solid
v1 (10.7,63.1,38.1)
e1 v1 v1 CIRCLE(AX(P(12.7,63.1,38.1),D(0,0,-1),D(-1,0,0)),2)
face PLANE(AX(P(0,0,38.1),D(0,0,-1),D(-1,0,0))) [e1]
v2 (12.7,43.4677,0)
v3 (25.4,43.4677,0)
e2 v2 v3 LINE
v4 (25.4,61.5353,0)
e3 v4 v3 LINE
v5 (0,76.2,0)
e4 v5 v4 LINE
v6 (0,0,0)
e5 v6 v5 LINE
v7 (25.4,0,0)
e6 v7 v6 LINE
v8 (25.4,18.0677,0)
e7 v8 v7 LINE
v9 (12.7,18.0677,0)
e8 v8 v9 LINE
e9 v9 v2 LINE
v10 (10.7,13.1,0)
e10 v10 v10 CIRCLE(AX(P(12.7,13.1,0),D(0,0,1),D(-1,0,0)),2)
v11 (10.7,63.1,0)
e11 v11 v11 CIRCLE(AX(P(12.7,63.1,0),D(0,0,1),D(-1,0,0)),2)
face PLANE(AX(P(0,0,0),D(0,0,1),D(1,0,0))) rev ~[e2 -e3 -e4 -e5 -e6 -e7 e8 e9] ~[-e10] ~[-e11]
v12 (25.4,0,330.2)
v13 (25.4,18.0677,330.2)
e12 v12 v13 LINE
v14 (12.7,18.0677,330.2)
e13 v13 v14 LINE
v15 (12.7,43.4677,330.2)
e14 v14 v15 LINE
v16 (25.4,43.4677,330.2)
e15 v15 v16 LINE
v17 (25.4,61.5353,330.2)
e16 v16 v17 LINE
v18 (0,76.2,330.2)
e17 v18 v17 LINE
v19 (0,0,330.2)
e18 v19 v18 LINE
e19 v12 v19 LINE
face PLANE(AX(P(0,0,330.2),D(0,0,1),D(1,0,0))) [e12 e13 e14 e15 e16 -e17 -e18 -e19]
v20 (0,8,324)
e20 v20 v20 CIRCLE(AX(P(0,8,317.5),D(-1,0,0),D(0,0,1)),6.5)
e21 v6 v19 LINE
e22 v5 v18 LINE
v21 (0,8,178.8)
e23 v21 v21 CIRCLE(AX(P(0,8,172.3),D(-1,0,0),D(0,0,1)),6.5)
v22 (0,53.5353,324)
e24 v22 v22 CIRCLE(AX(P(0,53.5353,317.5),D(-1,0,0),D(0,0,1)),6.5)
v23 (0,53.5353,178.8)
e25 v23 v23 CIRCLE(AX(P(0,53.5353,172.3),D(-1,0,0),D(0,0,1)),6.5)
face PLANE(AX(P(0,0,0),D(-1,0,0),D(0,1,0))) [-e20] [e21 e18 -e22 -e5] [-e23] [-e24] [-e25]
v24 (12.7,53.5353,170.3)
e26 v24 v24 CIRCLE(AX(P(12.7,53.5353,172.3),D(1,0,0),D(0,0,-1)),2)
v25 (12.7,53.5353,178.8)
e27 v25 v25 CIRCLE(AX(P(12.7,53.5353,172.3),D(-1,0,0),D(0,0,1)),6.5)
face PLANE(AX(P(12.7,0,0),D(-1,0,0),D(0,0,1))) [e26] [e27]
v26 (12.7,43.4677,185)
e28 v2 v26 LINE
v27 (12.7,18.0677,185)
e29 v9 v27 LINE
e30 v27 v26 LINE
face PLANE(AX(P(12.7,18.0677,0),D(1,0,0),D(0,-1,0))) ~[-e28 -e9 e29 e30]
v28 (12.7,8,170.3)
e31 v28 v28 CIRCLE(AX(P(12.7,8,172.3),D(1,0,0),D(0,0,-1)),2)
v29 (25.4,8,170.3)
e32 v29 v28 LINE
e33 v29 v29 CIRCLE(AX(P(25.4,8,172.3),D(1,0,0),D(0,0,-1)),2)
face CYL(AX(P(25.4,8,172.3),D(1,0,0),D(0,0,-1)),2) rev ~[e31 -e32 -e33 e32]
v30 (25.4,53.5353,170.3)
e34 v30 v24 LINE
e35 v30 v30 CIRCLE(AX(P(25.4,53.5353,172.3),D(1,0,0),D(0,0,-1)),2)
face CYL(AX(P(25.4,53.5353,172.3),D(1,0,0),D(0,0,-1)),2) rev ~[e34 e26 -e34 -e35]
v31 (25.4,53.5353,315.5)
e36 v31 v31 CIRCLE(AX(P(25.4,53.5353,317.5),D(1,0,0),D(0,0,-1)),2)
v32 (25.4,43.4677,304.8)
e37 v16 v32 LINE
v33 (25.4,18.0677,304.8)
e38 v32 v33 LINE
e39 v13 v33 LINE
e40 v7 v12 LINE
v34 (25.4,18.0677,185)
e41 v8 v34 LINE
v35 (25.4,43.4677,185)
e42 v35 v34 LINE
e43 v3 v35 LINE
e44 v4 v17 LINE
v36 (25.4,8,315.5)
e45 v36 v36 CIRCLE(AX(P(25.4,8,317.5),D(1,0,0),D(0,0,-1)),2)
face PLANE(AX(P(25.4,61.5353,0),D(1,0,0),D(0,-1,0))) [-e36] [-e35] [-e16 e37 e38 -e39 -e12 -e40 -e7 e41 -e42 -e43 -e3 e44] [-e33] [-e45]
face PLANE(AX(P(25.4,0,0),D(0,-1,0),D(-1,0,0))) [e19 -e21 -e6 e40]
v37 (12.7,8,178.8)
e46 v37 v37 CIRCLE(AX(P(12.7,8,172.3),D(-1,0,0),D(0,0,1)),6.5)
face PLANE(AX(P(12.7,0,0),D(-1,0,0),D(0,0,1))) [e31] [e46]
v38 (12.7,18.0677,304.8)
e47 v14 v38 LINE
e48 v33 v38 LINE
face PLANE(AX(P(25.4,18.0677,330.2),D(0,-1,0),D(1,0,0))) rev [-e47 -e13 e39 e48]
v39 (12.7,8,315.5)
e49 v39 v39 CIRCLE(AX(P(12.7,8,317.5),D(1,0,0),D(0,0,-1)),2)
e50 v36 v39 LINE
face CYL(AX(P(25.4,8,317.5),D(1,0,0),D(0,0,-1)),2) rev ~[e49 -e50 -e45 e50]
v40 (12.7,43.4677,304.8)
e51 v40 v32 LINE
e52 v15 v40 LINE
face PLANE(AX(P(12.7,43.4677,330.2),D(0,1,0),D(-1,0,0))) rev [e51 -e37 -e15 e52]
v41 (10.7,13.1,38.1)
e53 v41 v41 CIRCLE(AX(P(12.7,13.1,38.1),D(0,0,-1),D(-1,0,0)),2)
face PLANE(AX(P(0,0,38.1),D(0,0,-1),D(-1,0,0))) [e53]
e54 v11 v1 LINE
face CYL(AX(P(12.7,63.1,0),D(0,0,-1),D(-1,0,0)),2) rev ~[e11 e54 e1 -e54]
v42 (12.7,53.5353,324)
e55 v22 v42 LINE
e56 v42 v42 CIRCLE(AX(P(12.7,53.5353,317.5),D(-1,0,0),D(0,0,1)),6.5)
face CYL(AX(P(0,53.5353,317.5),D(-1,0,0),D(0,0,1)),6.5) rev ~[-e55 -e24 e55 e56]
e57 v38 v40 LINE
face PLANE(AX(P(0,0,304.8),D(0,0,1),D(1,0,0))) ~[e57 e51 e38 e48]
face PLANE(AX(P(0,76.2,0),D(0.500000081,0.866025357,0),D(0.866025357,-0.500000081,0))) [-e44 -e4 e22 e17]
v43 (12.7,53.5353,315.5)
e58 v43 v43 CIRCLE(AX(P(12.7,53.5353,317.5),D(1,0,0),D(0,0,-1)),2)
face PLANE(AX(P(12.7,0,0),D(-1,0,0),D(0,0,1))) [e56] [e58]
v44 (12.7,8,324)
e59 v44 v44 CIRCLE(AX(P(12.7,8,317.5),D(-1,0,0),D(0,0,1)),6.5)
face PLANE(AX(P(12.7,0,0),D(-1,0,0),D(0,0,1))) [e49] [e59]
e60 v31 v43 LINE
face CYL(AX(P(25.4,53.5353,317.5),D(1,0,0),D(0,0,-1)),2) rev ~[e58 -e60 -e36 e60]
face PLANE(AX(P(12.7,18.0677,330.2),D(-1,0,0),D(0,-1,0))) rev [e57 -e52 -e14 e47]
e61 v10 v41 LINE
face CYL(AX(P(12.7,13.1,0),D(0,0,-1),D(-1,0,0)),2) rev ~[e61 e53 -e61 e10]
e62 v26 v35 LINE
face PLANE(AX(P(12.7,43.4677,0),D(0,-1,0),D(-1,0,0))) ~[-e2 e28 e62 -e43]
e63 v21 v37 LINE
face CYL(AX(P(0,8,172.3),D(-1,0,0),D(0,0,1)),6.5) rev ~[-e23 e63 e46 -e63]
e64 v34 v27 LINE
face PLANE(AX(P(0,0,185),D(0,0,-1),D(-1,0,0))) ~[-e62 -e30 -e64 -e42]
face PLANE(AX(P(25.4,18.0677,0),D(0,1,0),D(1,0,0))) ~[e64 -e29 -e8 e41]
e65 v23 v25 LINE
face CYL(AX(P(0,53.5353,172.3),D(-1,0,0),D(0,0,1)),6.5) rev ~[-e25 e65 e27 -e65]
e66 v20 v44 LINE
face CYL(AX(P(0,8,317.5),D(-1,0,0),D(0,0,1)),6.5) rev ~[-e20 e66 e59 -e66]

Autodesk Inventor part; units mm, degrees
ref_plane "YZ Plane" through (0, 0, 0) normal (1, 0, 0) x (0, 1, 0)
ref_plane "XZ Plane" through (0, 0, 0) normal (0, 1, 0) x (-1, 0, 0)
sketch "Sketch1" plane through (0, 0, 0) normal (0, 0, 1) x (1, 0, 0)
  line L0 (0, 0) -> (0, 76.2)
  line L1 (0, 76.2) -> (25.4, 61.5353)
  line L2 (25.4, 61.5353) -> (25.4, 0)
  line L3 (25.4, 0) -> (0, 0)
  dimension "d0" = 25.4
  dimension "d1" = 76.2
  dimension "d2" = 60
extrude "Extrusion1" add sketch "Sketch1" along normal blind 330.2
sketch "Sketch3" plane through (0, 0, 330.2) normal (0, 0, 1) x (1, 0, 0)
  line L0 (12.7, 43.4677) -> (25.4, 43.4677)
  line L1 (25.4, 43.4677) -> (25.4, 18.0677)
  line L2 (25.4, 18.0677) -> (12.7, 18.0677)
  line L3 (12.7, 18.0677) -> (12.7, 43.4677)
  line L4 (25.4, 0) -> (25.4, 61.5353) projected
  point P0 (0, 0)
  point P1 (25.4, 30.7677)
  dimension "d5" = 12.7
  dimension "d6" = 25.4
extrude "Extrusion2" cut sketch "Sketch3" against normal blind 185
sketch "Sketch4" plane through (0, 0, 0) normal (0, 0, -1) x (-1, 0, 0)
  line L0 (-12.7, 18.0677) -> (-12.7, 43.4677) projected
  line L1 (-12.7, 18.0677) -> (-12.7, 43.4677) projected
  line L2 (-25.4, 18.0677) -> (-12.7, 18.0677) projected
  line L3 (-25.4, 43.4677) -> (-25.4, 18.0677) projected
  line L4 (-12.7, 43.4677) -> (-25.4, 43.4677) projected
  point P0 (0, 0)
extrude "Extrusion3" cut sketch "Sketch4" against normal blind 25.4
ref_plane "Work Plane1" through (0, 0, 165.1) normal (0, 0, 1) x (1, 0, 0)
mirror "Mirror1" about plane through (0, 0, 165.1) normal (0, 0, 1) of "Extrusion1", "Extrusion2", "Extrusion3"
sketch "Sketch5" plane through (25.4, 61.5353, 330.2) normal (1, 0, 0) x (0, 0, -1)
  circle A0 centre (12.7, -8) radius 2
  circle A1 centre (12.7, -53.5353) radius 2
  line L0 (25.4, -18.0677) -> (25.4, -43.4677) projected
  line L1 (330.2, 0) -> (0, 0) projected
  line L2 (330.2, -61.5353) -> (0, -61.5353) projected
  circle A2 centre (157.9, -8) radius 2
  circle A3 centre (157.9, -53.5353) radius 2
  line L3 (145.2, -43.4677) -> (145.2, -18.0677) projected
  dimension "d11" = 4
  dimension "d12" = 4
  dimension "d13" = 12.7
  dimension "d14" = 8
  dimension "d15" = 8
  dimension "d16" = 4
  dimension "d17" = 4
  dimension "d18" = 12.7
extrude "Extrusion4" cut sketch "Sketch5" against normal through all
sketch "Sketch6" plane through (0, 0, 0) normal (-1, 0, 0) x (0, 0, 1)
  circle A0 centre (317.5, 53.5353) radius 2 projected
  circle A1 centre (317.5, 8) radius 2 projected
  circle A2 centre (172.3, 8) radius 2 projected
  circle A3 centre (172.3, 53.5353) radius 2 projected
  circle A4 centre (317.5, 53.5353) radius 2 projected
  circle A5 centre (317.5, 53.5353) radius 6.5
  circle A6 centre (317.5, 8) radius 2 projected
  circle A7 centre (317.5, 8) radius 6.5
  circle A8 centre (172.3, 8) radius 6.5
  circle A9 centre (172.3, 53.5353) radius 6.5
  point P0 (0, 0)
  dimension "d21" = 13
  dimension "d22" = 13
  dimension "d23" = 13
  dimension "d24" = 13
extrude "Extrusion5" cut sketch "Sketch6" against normal blind 12.7 contours A0 | A1 | A2 | A3 | A5 | A7 | A8 | A9
sketch "Sketch8" plane through (0, 0, 0) normal (0, 0, -1) x (-1, 0, 0)
  line L0 (-12.7, 13.1) -> (-12.7, 63.1)
  line L1 (-25.4, 0) -> (0, 0) projected
  line L2 (0, 0) -> (0, 76.2) projected
  circle A0 centre (-12.7, 13.1) radius 2
  circle A1 centre (-12.7, 63.1) radius 2
  point P0 (-12.7, 0)
  point P1 (-12.7, 38.1)
  point P2 (0, 38.1)
  dimension "d32" = 50
  dimension "d33" = 4
  dimension "d34" = 4
extrude "Extrusion7" cut sketch "Sketch8" against normal blind 38.1
properties part number "HB01" material "Polyethylene, High Density"
